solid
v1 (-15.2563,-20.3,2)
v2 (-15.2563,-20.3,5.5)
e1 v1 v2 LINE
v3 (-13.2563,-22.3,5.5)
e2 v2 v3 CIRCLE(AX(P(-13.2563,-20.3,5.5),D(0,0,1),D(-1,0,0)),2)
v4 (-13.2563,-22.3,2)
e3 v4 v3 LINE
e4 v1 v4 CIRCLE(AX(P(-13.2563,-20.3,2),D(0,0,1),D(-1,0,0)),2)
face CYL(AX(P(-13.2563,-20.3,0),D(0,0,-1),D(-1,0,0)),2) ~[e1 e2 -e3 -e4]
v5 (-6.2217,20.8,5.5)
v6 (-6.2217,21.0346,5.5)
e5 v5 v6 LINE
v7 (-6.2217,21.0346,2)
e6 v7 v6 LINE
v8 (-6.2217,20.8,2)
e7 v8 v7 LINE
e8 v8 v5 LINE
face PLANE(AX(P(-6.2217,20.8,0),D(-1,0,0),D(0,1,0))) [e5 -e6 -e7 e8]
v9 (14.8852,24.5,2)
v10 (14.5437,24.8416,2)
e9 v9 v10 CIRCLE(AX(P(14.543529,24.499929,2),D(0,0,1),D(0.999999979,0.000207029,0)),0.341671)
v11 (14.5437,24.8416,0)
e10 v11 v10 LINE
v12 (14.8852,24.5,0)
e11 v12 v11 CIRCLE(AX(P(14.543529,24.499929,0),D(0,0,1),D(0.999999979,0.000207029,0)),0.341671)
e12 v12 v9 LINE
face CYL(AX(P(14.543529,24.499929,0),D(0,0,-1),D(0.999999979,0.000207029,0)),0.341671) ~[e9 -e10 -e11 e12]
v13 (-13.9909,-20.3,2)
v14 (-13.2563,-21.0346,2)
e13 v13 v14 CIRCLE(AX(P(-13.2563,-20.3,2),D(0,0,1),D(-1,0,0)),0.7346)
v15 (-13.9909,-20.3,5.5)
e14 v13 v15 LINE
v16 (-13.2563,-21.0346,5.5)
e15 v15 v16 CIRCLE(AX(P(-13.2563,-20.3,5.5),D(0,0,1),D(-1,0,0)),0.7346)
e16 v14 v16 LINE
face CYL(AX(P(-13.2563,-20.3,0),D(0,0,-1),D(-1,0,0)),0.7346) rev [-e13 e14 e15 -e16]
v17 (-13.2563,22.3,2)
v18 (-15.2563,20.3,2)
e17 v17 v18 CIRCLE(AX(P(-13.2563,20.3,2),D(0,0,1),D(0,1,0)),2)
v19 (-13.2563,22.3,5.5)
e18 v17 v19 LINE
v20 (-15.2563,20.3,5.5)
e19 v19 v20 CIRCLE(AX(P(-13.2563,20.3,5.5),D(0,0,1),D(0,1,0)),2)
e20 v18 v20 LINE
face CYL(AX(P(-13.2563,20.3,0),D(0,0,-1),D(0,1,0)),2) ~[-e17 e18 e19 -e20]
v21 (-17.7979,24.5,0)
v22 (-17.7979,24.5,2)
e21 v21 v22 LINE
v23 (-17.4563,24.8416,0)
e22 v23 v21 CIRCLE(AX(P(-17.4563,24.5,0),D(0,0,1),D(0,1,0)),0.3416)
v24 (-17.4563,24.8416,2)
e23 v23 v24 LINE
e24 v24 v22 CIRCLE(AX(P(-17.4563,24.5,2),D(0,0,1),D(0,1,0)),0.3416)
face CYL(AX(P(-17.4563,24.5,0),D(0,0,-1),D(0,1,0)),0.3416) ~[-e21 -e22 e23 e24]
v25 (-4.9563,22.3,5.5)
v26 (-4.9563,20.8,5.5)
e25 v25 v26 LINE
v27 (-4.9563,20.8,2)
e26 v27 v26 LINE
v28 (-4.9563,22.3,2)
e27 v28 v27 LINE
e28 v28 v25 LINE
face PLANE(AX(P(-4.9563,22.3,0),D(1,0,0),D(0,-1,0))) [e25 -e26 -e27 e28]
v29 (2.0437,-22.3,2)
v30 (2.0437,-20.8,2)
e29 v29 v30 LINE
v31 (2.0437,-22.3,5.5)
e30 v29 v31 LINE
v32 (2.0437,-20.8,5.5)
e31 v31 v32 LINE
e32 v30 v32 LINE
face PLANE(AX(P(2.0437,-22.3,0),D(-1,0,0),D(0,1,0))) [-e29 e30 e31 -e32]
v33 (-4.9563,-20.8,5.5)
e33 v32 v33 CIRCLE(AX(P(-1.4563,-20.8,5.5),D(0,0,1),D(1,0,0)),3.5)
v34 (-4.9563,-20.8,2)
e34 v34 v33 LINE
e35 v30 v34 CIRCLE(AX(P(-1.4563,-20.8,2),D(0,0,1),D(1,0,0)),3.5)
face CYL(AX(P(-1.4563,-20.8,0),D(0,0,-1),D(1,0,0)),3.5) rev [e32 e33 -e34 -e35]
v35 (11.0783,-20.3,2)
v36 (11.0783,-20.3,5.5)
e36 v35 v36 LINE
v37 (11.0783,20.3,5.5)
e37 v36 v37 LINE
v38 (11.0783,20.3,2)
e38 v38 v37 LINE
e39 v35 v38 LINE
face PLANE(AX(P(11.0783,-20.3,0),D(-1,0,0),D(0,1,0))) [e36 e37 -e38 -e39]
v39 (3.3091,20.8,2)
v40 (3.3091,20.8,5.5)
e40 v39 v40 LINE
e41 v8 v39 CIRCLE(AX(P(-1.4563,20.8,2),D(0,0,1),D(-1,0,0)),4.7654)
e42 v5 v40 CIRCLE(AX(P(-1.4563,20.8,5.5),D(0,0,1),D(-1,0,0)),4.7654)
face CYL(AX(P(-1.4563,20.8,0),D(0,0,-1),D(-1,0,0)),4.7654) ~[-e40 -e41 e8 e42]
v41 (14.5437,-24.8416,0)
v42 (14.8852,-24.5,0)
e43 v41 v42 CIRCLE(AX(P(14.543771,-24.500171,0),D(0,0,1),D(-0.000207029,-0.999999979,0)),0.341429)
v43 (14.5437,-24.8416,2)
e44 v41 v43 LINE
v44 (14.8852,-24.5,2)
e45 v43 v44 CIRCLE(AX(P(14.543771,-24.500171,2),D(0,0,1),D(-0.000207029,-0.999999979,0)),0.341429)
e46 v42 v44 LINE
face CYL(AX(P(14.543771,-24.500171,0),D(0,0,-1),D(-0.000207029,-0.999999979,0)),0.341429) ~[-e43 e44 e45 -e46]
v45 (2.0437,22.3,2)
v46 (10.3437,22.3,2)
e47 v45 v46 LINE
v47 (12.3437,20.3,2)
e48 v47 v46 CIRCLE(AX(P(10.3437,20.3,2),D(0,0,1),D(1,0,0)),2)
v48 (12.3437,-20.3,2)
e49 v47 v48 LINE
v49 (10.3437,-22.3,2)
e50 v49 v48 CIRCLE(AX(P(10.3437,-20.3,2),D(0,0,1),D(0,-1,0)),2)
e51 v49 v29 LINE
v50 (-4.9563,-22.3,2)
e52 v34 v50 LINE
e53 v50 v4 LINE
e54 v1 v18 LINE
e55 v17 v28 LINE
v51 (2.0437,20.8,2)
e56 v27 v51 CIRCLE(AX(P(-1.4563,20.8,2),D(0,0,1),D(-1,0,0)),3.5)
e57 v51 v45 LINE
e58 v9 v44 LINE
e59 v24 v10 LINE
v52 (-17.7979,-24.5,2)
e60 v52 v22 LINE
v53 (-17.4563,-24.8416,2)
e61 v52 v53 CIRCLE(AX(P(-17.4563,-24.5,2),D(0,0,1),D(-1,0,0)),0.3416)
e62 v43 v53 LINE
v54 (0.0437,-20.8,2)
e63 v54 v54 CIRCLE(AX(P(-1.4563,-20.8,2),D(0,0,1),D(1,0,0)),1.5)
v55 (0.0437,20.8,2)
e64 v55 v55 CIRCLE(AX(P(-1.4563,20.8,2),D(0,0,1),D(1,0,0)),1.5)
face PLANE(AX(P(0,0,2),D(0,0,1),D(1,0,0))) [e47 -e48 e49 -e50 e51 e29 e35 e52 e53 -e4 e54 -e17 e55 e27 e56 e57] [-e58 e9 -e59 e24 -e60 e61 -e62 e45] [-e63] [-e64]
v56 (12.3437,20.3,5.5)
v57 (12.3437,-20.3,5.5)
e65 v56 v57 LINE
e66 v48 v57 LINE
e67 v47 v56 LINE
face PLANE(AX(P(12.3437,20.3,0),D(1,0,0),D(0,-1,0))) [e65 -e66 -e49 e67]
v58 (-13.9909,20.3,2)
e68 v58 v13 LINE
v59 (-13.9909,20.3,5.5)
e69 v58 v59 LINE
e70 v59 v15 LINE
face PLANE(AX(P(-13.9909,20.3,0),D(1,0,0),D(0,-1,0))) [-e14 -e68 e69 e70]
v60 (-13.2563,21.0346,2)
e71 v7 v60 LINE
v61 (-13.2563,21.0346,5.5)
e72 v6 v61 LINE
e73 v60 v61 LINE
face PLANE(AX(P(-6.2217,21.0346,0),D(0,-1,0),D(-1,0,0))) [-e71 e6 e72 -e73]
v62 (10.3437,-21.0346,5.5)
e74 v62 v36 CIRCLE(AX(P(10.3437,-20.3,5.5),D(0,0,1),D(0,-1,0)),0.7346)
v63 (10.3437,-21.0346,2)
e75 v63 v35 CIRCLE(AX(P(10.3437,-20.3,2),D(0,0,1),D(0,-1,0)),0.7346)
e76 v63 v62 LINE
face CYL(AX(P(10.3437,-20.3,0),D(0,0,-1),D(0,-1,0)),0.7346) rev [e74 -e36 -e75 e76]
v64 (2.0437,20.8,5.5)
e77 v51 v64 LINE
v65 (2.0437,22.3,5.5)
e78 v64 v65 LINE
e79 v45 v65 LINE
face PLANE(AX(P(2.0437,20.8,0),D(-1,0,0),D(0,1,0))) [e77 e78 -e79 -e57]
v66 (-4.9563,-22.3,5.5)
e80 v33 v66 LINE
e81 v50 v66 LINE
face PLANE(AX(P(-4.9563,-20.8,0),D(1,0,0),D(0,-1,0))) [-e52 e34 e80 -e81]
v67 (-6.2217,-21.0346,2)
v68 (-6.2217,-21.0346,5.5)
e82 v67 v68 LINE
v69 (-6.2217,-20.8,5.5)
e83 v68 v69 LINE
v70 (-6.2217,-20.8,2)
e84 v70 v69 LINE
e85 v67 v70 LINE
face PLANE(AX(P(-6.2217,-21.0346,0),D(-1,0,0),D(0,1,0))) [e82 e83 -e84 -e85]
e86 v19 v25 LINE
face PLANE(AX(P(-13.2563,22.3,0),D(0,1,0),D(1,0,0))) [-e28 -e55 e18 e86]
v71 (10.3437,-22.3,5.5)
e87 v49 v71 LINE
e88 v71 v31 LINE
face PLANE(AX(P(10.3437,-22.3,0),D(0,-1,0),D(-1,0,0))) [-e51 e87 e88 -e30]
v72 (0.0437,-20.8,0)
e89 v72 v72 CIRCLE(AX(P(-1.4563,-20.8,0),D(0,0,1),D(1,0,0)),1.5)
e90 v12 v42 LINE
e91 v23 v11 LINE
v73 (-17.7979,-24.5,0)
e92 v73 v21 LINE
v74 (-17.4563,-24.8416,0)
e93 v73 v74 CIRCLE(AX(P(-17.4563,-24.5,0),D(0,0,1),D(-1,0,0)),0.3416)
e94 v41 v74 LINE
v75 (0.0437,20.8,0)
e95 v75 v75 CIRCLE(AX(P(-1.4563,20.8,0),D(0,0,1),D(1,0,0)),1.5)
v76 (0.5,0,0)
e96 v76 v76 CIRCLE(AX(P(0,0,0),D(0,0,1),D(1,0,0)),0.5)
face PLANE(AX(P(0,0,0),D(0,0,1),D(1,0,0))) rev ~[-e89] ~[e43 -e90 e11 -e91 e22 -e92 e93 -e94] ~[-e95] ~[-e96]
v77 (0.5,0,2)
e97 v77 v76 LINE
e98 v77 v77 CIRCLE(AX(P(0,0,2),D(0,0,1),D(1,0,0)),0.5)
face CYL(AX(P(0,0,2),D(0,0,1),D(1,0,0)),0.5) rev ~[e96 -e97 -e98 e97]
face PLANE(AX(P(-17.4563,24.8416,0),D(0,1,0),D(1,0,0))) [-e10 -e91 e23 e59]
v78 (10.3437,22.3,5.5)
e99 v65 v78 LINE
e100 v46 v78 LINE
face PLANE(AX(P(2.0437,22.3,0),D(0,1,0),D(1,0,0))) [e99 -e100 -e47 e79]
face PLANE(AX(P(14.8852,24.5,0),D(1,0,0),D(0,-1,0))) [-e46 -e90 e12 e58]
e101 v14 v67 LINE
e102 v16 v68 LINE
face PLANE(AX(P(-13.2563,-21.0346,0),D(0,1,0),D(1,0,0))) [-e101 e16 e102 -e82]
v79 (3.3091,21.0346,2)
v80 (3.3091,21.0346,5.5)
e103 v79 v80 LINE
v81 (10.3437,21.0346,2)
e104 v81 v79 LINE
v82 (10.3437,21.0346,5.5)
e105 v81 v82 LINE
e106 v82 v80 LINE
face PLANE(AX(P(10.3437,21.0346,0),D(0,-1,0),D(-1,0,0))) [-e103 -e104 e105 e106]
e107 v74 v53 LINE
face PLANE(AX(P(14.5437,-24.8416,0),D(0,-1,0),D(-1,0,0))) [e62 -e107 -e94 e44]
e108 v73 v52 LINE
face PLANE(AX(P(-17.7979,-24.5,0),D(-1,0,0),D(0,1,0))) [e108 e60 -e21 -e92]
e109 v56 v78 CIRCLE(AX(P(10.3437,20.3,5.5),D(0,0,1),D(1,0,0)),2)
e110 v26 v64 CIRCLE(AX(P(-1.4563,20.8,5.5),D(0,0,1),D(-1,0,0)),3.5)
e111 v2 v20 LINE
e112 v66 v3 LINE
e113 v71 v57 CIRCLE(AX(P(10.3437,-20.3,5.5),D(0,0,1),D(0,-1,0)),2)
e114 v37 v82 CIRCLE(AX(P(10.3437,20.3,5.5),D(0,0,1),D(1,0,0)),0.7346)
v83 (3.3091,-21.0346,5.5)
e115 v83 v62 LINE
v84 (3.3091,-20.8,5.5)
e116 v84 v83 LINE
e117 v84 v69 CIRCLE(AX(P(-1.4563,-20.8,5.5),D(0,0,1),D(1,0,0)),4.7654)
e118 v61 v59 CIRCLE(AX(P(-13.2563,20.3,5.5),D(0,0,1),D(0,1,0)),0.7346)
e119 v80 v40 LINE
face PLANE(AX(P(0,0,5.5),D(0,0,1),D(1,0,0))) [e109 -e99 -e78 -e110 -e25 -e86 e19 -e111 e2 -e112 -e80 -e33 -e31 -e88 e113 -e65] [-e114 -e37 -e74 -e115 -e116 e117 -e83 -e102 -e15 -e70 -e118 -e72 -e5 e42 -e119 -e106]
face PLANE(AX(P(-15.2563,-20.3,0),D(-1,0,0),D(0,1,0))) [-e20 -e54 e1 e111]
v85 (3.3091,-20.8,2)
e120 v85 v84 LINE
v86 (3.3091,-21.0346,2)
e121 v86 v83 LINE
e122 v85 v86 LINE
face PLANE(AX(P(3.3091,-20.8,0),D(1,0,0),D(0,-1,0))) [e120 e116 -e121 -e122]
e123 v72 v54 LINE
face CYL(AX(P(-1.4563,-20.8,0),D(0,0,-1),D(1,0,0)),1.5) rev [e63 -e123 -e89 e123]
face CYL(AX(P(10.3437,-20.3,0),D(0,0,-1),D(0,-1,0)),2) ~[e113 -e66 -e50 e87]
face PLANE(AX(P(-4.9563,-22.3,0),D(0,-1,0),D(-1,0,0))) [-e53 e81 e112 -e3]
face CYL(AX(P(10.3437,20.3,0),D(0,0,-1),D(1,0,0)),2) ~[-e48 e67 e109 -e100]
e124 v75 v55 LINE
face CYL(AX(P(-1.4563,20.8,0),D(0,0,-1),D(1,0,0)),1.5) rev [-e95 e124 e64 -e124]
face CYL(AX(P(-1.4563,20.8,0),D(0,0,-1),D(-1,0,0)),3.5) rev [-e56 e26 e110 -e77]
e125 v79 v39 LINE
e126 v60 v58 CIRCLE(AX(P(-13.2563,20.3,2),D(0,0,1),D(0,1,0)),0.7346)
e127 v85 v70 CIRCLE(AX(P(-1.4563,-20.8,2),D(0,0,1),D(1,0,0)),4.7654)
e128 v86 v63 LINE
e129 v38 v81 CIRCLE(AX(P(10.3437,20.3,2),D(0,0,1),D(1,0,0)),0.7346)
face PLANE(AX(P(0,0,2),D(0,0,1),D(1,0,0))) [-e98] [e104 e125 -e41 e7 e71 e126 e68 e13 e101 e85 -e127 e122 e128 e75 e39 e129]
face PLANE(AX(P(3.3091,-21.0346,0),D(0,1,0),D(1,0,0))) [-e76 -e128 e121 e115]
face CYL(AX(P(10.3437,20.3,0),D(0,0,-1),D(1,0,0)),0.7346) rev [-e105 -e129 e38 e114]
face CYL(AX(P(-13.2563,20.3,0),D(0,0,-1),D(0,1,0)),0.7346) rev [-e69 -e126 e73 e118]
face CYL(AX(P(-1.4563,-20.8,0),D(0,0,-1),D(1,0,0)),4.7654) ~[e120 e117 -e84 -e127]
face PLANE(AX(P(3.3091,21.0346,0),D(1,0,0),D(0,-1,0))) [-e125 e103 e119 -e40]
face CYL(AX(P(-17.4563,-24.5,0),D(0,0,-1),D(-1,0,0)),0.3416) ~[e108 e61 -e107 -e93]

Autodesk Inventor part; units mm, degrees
ref_plane "YZ Plane" through (0, 0, 0) normal (1, 0, 0) x (0, 1, 0)
ref_plane "XZ Plane" through (0, 0, 0) normal (0, 1, 0) x (-1, 0, 0)
ref_plane "XY Plane" through (0, 0, 0) normal (0, 0, 1) x (1, 0, 0)
sketch "Sketch1" plane through (0, 0, 0) normal (0, 0, 1) x (1, 0, 0)
  circle A0 centre (-1.4563, -20.8) radius 1.5
  circle A1 centre (-1.4563, 20.8) radius 1.5
  line L0 (14.8852, 24.5) -> (14.8852, -24.5)
  arc A2 (14.8852, 24.5) -> (14.5437, 24.8416) centre (14.5437, 24.5) ccw
  line L1 (-17.4563, 24.8416) -> (14.5437, 24.8416)
  arc A3 (-17.4563, 24.8416) -> (-17.7979, 24.5) centre (-17.4563, 24.5) ccw
  line L2 (-17.7979, -24.5) -> (-17.7979, 24.5)
  arc A4 (-17.7979, -24.5) -> (-17.4563, -24.8416) centre (-17.4563, -24.5) ccw
  line L3 (14.5437, -24.8416) -> (-17.4563, -24.8416)
  arc A5 (14.5437, -24.8416) -> (14.8852, -24.5) centre (14.5437, -24.5) ccw
  line L4 (-13.2563, 22.3) -> (-4.9563, 22.3)
  line L5 (-4.9563, 22.3) -> (-4.9563, 20.8)
  arc A6 (-4.9563, 20.8) -> (2.0437, 20.8) centre (-1.4563, 20.8) ccw
  line L6 (2.0437, 20.8) -> (2.0437, 22.3)
  line L7 (2.0437, 22.3) -> (10.3437, 22.3)
  arc A7 (12.3437, 20.3) -> (10.3437, 22.3) centre (10.3437, 20.3) ccw
  line L8 (12.3437, 20.3) -> (12.3437, -20.3)
  arc A8 (10.3437, -22.3) -> (12.3437, -20.3) centre (10.3437, -20.3) ccw
  line L9 (10.3437, -22.3) -> (2.0437, -22.3)
  line L10 (2.0437, -22.3) -> (2.0437, -20.8)
  arc A9 (2.0437, -20.8) -> (-4.9563, -20.8) centre (-1.4563, -20.8) ccw
  line L11 (-4.9563, -20.8) -> (-4.9563, -22.3)
  line L12 (-4.9563, -22.3) -> (-13.2563, -22.3)
  arc A10 (-15.2563, -20.3) -> (-13.2563, -22.3) centre (-13.2563, -20.3) ccw
  line L13 (-15.2563, -20.3) -> (-15.2563, 20.3)
  arc A11 (-13.2563, 22.3) -> (-15.2563, 20.3) centre (-13.2563, 20.3) ccw
  circle A12 centre (-1.4563, 20.8) radius 1.5
  circle A13 centre (-1.4563, -20.8) radius 1.5
  arc A14 (-17.4563, 26.5) -> (-19.4563, 24.5) centre (-17.4563, 24.5) ccw
  line L14 (-19.4563, -24.5) -> (-19.4563, 24.5)
  arc A15 (-19.4563, -24.5) -> (-17.4563, -26.5) centre (-17.4563, -24.5) ccw
  line L15 (14.5437, -26.5) -> (-17.4563, -26.5)
  arc A16 (14.5437, -26.5) -> (16.5437, -24.5) centre (14.5437, -24.5) ccw
  line L16 (16.5437, 24.5) -> (16.5437, -24.5)
  arc A17 (16.5437, 24.5) -> (14.5437, 26.5) centre (14.5437, 24.5) ccw
  line L17 (-17.4563, 26.5) -> (14.5437, 26.5)
  arc A18 (-6.2217, 20.8) -> (3.3091, 20.8) centre (-1.4563, 20.8) ccw
  line L18 (-6.2217, 20.8) -> (-6.2217, 21.0346)
  line L19 (-6.2217, 21.0346) -> (-13.2563, 21.0346)
  arc A19 (-13.2563, 21.0346) -> (-13.9909, 20.3) centre (-13.2563, 20.3) ccw
  line L20 (-13.9909, 20.3) -> (-13.9909, -20.3)
  arc A20 (-13.9909, -20.3) -> (-13.2563, -21.0346) centre (-13.2563, -20.3) ccw
  line L21 (-13.2563, -21.0346) -> (-6.2217, -21.0346)
  line L22 (-6.2217, -21.0346) -> (-6.2217, -20.8)
  arc A21 (3.3091, -20.8) -> (-6.2217, -20.8) centre (-1.4563, -20.8) ccw
  line L23 (3.3091, -20.8) -> (3.3091, -21.0346)
  line L24 (3.3091, -21.0346) -> (10.3437, -21.0346)
  arc A22 (10.3437, -21.0346) -> (11.0783, -20.3) centre (10.3437, -20.3) ccw
  line L25 (11.0783, -20.3) -> (11.0783, 20.3)
  arc A23 (11.0783, 20.3) -> (10.3437, 21.0346) centre (10.3437, 20.3) ccw
  line L26 (10.3437, 21.0346) -> (3.3091, 21.0346)
  line L27 (3.3091, 21.0346) -> (3.3091, 20.8)
  point P0 (0, 0)
  point P1 (0, 0)
  point P2 (0, 0)
extrude "Extrusion1" add sketch "Sketch1" along normal blind 2 contours L0 A5 L3 A4 L2 A3 L1 A2
extrude "Extrusion2" add sketch "Sketch1" along normal blind 5.5 contours L4 L5 A6 L6 L7 A7 L8 A8 L9 L10 A9 L11 L12 A10 L13 A11
extrude "Extrusion3" add sketch "Sketch1" along normal blind 2 contours A18 L27 L26 A23 L25 A22 L24 L23 A21 L22 L21 A20 L20 A19 L19 L18
sketch "Sketch2" plane through (0, 0, 2) normal (0, 0, 1) x (1, 0, 0)
  circle A0 centre (0, 0) radius 0.5
  dimension "d6" = 1
extrude "Extrusion4" cut sketch "Sketch2" along normal through all both and the other way through all
properties part number "Goma"
